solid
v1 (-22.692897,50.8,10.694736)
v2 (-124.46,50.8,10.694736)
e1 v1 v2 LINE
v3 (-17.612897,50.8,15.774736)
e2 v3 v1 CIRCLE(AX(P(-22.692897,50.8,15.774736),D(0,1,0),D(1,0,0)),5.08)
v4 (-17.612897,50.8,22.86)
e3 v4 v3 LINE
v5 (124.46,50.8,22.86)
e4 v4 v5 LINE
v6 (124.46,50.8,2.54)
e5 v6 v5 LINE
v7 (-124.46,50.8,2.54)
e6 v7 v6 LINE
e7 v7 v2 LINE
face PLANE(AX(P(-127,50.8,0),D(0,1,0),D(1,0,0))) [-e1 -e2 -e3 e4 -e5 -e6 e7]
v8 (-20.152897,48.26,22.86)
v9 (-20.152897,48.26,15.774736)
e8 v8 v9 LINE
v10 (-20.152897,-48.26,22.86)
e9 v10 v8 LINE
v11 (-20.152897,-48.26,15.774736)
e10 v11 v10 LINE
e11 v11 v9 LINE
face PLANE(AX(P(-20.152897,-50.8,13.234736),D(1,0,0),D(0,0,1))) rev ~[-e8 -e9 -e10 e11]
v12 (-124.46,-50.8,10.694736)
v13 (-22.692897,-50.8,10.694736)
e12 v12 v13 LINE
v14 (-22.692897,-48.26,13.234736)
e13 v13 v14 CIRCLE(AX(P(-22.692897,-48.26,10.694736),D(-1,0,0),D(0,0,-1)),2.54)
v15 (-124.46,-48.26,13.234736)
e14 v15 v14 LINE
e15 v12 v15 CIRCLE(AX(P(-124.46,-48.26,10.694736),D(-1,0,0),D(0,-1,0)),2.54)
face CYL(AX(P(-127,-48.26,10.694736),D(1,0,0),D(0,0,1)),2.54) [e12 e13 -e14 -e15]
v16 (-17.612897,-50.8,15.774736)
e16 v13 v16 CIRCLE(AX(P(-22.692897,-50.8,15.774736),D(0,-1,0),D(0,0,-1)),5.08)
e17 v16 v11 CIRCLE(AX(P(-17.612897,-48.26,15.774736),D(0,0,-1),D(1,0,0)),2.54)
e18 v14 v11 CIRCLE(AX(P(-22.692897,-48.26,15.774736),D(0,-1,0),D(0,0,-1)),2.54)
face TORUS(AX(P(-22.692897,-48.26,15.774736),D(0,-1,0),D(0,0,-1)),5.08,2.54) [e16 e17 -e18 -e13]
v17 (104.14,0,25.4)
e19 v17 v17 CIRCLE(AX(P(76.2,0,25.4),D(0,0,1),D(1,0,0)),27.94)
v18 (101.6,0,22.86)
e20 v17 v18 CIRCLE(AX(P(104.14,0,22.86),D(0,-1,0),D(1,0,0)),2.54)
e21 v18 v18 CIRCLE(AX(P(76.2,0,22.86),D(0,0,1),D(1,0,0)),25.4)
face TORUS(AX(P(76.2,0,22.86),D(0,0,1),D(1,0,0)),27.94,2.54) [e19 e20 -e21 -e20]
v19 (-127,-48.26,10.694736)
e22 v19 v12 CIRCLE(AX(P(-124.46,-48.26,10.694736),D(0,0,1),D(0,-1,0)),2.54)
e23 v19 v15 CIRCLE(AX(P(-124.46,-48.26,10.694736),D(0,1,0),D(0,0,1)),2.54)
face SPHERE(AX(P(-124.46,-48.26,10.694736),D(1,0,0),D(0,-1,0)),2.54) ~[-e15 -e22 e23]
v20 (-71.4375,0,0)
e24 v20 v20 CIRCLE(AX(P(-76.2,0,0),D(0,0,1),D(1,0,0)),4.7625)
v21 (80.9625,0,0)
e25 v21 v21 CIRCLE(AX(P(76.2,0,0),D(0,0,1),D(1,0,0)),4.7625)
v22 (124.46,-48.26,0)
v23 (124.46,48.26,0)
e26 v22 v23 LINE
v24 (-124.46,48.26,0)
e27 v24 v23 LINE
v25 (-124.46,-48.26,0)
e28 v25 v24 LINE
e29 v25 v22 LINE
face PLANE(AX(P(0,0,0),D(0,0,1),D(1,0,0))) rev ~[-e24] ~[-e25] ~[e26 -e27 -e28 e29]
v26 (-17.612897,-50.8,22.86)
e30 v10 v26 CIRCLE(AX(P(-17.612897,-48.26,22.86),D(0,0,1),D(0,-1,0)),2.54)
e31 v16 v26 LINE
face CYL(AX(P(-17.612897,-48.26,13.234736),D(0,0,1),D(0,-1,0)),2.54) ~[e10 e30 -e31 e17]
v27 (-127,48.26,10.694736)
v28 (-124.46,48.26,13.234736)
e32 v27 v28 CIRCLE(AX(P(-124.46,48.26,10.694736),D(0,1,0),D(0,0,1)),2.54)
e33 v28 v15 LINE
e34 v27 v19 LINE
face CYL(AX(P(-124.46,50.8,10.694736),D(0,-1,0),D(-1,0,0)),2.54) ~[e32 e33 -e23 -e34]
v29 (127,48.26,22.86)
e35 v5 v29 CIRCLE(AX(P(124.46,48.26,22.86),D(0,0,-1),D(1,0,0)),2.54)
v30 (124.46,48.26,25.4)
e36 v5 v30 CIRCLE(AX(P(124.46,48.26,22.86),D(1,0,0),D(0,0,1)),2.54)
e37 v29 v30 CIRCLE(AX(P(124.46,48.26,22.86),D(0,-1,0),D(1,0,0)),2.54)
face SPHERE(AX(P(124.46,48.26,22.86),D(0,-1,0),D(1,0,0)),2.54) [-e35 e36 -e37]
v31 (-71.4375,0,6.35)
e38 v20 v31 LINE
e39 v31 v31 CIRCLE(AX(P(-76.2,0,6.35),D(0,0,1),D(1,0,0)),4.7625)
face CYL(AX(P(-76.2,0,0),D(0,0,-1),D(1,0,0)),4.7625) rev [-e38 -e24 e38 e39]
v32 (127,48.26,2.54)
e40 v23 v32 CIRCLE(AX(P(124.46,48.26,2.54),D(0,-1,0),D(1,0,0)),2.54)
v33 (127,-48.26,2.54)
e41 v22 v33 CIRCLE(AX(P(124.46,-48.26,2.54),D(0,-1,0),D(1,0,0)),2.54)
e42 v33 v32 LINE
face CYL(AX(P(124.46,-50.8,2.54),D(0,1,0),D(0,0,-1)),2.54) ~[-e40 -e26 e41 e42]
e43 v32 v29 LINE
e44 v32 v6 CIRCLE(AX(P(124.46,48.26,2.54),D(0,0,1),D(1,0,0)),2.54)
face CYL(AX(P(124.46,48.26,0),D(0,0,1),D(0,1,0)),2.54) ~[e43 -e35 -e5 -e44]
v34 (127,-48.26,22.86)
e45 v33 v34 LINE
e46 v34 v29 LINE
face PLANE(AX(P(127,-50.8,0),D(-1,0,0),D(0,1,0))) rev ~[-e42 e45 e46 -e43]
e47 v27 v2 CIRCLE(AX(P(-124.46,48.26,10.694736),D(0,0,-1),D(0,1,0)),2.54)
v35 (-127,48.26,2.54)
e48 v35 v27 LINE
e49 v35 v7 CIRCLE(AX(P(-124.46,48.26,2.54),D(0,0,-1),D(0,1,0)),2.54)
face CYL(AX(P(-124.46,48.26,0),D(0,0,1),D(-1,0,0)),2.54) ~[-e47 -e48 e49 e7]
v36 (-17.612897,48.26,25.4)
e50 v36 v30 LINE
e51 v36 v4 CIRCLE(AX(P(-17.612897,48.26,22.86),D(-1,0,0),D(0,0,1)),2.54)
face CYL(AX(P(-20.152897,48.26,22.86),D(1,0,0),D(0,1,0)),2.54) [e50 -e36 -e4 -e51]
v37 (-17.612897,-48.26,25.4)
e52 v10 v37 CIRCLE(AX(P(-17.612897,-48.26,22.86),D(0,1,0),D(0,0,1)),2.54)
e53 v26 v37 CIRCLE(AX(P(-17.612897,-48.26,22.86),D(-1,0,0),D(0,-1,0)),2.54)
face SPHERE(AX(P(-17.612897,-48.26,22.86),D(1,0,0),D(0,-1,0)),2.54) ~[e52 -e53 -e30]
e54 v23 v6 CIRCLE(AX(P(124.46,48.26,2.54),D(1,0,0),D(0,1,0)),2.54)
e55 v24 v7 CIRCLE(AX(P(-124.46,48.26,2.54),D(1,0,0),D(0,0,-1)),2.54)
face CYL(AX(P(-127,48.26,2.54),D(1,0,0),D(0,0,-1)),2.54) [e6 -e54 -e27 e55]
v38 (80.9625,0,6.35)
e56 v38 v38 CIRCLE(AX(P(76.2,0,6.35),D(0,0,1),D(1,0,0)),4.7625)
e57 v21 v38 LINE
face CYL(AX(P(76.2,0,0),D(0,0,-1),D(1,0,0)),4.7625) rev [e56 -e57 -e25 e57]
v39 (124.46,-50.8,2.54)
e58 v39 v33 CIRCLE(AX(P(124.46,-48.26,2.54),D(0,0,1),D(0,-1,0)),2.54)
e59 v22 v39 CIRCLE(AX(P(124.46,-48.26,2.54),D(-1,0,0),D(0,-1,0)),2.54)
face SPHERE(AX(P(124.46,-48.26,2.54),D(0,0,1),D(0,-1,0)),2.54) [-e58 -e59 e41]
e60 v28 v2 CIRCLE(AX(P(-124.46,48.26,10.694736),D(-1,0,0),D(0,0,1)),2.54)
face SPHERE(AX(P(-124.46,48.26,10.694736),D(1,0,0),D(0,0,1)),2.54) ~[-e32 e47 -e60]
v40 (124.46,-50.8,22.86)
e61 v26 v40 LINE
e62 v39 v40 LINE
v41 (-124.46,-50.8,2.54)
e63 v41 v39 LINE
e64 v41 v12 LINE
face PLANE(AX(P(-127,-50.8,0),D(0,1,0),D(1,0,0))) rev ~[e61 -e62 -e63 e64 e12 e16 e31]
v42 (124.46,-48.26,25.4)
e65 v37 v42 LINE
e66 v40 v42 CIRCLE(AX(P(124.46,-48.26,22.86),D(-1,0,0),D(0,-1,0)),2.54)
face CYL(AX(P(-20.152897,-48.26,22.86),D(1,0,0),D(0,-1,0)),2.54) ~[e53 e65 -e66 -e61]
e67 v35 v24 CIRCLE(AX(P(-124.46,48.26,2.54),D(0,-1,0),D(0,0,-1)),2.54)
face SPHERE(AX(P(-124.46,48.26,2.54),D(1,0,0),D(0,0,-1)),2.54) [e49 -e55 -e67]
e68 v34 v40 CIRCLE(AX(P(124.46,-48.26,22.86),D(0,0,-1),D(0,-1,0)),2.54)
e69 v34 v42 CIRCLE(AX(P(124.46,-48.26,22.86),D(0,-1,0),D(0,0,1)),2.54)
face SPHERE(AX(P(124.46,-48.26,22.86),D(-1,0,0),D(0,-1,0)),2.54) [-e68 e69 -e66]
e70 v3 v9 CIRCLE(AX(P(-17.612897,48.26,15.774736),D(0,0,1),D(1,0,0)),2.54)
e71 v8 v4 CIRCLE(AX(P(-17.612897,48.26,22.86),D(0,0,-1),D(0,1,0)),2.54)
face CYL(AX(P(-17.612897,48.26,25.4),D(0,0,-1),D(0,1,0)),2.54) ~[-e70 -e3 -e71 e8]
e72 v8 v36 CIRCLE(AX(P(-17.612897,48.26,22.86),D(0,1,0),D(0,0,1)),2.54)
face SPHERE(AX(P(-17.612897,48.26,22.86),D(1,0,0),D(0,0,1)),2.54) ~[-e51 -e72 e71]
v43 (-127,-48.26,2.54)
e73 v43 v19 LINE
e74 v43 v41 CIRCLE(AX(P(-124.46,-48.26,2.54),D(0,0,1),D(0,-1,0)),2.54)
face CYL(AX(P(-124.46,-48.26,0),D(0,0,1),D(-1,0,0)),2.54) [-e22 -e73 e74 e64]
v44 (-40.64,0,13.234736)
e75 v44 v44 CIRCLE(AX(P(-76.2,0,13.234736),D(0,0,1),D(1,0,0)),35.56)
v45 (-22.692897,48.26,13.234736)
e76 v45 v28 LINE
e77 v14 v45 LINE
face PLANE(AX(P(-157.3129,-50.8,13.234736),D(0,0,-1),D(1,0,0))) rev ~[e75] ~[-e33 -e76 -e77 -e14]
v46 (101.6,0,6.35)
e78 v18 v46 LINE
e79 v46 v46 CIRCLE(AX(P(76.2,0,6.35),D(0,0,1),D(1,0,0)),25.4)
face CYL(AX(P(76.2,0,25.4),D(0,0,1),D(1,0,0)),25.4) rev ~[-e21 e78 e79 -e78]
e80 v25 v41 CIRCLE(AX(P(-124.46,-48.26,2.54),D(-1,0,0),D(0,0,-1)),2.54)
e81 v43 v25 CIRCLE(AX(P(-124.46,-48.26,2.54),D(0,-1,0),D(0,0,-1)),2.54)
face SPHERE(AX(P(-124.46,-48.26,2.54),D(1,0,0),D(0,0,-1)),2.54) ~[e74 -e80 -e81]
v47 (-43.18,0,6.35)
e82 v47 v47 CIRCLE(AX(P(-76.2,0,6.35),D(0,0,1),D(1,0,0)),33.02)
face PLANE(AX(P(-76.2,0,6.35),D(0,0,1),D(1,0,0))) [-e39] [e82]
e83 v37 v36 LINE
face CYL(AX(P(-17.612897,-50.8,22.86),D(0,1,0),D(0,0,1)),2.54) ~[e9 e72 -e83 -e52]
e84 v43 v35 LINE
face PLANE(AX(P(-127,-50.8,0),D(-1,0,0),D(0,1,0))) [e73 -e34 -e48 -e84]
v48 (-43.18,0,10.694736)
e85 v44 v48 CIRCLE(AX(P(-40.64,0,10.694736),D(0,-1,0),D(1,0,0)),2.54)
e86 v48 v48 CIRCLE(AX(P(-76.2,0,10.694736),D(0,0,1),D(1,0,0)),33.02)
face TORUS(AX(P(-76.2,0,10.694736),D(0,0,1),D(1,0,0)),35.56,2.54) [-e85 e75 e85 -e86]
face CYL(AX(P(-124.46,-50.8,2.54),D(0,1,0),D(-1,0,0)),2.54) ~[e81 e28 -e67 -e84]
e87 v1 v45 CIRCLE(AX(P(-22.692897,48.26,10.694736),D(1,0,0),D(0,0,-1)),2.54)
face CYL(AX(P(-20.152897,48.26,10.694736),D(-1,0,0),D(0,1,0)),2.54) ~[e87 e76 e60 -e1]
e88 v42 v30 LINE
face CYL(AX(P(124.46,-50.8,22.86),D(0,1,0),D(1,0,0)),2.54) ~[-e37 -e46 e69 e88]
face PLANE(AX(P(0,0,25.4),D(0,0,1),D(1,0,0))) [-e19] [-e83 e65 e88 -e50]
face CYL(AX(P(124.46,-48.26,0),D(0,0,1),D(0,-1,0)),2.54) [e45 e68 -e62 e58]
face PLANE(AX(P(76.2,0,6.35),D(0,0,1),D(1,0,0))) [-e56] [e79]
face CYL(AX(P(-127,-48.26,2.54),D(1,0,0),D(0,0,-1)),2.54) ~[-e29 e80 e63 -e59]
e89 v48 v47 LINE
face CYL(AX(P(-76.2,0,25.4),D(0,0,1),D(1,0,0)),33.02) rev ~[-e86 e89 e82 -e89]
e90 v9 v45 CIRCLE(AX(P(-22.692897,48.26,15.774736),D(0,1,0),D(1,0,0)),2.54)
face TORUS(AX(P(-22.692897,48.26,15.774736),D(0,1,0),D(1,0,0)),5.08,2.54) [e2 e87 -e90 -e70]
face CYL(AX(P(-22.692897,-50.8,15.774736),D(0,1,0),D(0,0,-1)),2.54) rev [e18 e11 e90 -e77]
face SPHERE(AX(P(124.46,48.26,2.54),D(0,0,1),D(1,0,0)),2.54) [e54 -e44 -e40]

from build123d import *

# Parameters (mm, degrees)
F0_W     = 254
F0_H     = 101.6
F0_R     = 4.7625
F1_DEPTH = 25.4
F2_R     = 33.02
F2_R_2   = 4.7625
F2_R_3   = 25.4
F3_DEPTH = 19.05
F4_W     = 106.8471033573
F4_H     = 12.1652636021
F5_DEPTH = 101.601
F6_R     = 2.54


with BuildPart() as f1:
    # F0 (on Top) → F1 (new body)
    with BuildSketch(Plane.XY):
        Rectangle(F0_W, F0_H)
        with Locations((-76.2, 0)):
            Circle(F0_R, mode=Mode.SUBTRACT)
        with Locations((76.2, 0)):
            Circle(F0_R, mode=Mode.SUBTRACT)
    extrude(amount=F1_DEPTH)

    # F2 (on face) → F3 (cut)
    with BuildSketch(Plane.XY.offset(25.4)):
        with Locations((-76.2, 0)):
            Circle(F2_R)
        with Locations((-76.2, 0)):
            Circle(F2_R_2, mode=Mode.SUBTRACT)
        with Locations((76.2, 0)):
            Circle(F2_R_3)
        with Locations((76.2, 0)):
            Circle(F2_R_2, mode=Mode.SUBTRACT)
    extrude(amount=-F3_DEPTH, mode=Mode.SUBTRACT)

    # F4 (on face) → F5 (cut, through all)
    with BuildSketch(Plane.XZ.offset(50.8)):
        Polygon((-138.9647424221, 56.2476329505), (-157.312899828, 13.2347363979), (-127, 13.2347363979), (-127, 25.4), (-20.1528966427, 25.4), (-20.1528966427, 66.1736875772), align=None)
        with Locations((-73.5764483213, 19.3173681989)):
            Rectangle(F4_W, F4_H)
    extrude(amount=-F5_DEPTH, mode=Mode.SUBTRACT)

    # F6
    f6_edges = [f1.edges().sort_by_distance(p)[0] for p in [
        (-73.576448, -50.8, 13.234736),
        (53.423552, -50.8, 25.4),
        (-20.152897, -50.8, 19.317368),
        (127, -50.8, 12.7),
        (0, -50.8, 0),
        (127, 0, 25.4),
        (127, 50.8, 12.7),
        (127, 0, 0),
        (53.423552, 50.8, 25.4),
        (-20.152897, 0, 25.4),
        (50.8, 0, 25.4),
        (-109.22, 0, 13.234736),
        (-20.152897, 50.8, 19.317368),
        (-73.576448, 50.8, 13.234736),
        (0, 50.8, 0),
        (-127, 0, 0),
        (-127, -50.8, 6.617368),
        (-127, 0, 13.234736),
        (-127, 50.8, 6.617368),
        (-20.152897, 0, 13.234736),
    ]]
    fillet(f6_edges, radius=F6_R)


solid = f1.part
